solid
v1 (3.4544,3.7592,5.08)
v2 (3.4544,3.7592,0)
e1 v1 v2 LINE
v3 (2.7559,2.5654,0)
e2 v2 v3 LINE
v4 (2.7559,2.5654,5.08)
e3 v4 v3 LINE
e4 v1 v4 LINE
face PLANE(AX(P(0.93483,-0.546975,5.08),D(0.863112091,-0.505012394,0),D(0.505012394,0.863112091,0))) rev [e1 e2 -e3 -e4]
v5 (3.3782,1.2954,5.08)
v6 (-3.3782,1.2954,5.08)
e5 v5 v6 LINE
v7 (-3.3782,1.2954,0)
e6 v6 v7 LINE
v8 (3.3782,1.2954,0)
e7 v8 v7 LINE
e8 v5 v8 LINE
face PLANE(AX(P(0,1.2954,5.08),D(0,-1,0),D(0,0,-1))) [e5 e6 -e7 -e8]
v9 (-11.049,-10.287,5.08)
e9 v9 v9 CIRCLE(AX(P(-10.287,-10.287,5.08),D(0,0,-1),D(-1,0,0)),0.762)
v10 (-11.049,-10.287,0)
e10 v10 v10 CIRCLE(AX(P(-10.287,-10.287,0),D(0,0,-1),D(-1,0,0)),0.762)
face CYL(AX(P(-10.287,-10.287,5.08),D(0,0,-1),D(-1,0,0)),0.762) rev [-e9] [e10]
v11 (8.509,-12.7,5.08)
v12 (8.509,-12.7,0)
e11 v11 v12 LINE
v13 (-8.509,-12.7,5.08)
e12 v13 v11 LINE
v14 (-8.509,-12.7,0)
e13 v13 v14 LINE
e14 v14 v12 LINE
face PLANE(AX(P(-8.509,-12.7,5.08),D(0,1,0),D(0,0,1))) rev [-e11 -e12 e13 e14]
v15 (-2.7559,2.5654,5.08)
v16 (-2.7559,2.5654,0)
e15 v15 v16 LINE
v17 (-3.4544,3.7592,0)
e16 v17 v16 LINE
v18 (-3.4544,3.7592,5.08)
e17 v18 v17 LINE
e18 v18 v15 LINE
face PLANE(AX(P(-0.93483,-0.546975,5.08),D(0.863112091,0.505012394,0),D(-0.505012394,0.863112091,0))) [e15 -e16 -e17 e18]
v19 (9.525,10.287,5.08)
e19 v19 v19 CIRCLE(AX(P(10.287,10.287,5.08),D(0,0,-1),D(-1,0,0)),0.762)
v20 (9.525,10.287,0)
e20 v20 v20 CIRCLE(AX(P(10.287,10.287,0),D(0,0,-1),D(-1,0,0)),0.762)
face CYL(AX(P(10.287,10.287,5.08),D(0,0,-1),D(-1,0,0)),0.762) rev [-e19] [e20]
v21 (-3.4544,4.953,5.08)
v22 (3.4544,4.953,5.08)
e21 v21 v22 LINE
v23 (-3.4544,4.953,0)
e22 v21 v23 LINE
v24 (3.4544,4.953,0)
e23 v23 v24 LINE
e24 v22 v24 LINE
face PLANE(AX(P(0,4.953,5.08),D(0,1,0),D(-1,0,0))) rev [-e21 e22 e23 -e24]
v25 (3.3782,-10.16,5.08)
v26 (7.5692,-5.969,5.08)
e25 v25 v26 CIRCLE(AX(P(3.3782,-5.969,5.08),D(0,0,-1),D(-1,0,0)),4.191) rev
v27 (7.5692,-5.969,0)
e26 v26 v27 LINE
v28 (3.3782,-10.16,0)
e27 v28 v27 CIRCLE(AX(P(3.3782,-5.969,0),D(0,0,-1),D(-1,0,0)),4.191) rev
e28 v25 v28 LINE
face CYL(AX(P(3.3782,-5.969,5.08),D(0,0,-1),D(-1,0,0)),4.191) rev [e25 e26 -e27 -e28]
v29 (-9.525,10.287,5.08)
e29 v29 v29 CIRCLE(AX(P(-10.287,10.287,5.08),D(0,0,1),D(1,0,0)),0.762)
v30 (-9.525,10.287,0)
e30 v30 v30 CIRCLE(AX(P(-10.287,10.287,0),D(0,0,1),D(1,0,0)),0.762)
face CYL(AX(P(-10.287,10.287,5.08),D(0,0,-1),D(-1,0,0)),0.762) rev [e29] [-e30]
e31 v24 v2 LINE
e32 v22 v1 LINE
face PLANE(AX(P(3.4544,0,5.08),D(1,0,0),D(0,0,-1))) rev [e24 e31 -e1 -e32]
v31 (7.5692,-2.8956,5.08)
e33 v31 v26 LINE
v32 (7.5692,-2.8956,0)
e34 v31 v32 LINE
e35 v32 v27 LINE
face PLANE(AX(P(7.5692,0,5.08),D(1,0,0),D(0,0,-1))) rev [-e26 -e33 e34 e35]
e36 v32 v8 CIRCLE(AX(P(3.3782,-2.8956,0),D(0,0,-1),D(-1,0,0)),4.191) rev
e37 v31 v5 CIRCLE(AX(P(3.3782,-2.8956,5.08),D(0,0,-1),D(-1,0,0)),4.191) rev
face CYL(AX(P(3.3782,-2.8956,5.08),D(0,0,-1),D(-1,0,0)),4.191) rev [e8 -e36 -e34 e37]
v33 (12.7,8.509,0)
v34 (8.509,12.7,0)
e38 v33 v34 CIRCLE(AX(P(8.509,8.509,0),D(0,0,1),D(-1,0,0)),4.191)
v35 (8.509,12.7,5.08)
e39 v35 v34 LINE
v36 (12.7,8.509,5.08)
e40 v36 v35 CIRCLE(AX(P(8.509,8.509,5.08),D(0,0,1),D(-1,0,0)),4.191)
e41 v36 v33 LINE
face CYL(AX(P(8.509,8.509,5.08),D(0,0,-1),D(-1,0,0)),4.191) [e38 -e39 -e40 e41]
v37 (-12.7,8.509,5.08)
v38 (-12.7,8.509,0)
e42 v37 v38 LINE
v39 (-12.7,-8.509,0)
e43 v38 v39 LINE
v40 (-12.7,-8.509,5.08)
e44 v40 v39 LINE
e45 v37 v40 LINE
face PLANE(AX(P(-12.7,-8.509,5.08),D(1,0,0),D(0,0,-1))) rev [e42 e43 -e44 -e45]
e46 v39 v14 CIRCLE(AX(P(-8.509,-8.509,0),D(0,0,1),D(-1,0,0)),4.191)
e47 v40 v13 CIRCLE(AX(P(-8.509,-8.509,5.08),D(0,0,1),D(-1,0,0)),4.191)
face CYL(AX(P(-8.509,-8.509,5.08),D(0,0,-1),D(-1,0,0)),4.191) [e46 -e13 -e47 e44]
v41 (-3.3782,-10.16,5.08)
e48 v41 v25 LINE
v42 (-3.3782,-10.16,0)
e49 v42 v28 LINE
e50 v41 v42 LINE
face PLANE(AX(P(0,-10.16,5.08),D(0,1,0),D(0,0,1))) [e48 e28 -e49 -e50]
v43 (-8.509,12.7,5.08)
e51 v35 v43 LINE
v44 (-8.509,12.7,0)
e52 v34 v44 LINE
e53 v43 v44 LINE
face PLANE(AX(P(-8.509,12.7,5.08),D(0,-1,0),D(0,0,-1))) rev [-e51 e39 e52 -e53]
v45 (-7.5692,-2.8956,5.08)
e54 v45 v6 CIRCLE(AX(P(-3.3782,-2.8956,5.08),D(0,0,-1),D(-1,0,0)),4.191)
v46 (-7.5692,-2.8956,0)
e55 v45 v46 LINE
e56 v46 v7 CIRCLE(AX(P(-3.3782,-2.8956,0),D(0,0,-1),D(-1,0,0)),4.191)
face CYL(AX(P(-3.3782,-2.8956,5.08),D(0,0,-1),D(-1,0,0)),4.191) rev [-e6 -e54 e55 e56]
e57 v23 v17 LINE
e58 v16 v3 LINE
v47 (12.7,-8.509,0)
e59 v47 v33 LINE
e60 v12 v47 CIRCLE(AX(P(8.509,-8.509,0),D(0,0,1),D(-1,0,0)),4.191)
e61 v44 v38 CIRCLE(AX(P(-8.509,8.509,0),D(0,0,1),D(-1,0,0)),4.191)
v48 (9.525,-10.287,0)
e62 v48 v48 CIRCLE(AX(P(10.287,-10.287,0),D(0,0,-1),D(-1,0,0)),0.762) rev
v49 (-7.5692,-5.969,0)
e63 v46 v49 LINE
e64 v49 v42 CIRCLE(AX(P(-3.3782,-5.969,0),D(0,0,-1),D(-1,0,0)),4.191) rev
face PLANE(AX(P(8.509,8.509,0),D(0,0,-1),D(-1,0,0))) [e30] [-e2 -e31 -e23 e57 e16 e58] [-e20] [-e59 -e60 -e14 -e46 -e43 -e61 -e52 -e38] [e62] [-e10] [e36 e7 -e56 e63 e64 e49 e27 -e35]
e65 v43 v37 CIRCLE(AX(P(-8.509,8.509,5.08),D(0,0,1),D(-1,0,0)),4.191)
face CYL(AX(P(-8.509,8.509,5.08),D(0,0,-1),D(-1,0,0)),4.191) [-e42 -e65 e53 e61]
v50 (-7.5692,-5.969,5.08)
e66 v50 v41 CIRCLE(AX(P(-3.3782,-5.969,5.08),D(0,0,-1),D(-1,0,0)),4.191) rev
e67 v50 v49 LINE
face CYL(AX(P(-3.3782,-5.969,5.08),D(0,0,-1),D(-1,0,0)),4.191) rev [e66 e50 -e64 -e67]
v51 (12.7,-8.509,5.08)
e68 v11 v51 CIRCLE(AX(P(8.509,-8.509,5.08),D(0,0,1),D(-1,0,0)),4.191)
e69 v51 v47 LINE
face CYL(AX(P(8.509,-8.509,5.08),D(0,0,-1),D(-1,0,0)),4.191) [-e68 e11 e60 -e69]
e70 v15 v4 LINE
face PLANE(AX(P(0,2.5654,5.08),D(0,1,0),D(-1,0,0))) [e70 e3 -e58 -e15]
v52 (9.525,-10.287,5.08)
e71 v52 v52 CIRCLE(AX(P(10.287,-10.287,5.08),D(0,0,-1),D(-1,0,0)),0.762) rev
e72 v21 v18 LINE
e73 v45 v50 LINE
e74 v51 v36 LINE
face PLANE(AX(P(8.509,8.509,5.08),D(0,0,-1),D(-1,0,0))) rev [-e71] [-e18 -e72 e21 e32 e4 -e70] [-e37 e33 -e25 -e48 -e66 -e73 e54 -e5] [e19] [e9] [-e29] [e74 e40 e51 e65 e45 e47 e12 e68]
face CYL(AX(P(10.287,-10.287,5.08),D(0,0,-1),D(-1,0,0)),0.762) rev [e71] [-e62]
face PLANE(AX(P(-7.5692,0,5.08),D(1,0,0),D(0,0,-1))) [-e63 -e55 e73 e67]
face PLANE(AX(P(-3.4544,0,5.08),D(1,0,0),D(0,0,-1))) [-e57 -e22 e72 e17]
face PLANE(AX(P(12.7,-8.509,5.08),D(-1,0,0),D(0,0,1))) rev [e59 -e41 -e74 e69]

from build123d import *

# Parameters (mm, degrees)
BOSS_EXTRUDE1_DEPTH = 5.08
CUT_EXTRUDE1_DEPTH  = 5.08
SKETCH3_R           = 0.762
CUT_EXTRUDE2_DEPTH  = 5.08


with BuildPart() as part:
    # Sketch1 → Boss-Extrude1 (new body)
    with BuildSketch(Plane.XY):
        with BuildLine():
            Line((-8.509, -12.7), (8.509, -12.7))
            ThreePointArc((8.509, -12.7), (11.47248452, -11.47248452), (12.7, -8.509))
            Line((12.7, -8.509), (12.7, 8.509))
            ThreePointArc((12.7, 8.509), (11.47248452, 11.47248452), (8.509, 12.7))
            Line((8.509, 12.7), (-8.509, 12.7))
            ThreePointArc((-8.509, 12.7), (-11.47248452, 11.47248452), (-12.7, 8.509))
            Line((-12.7, 8.509), (-12.7, -8.509))
            ThreePointArc((-12.7, -8.509), (-11.47248452, -11.47248452), (-8.509, -12.7))
        make_face()
    extrude(amount=BOSS_EXTRUDE1_DEPTH)

    # Sketch2 → Cut-Extrude1 (cut)
    with BuildSketch(Plane(origin=(0, 0, 0), x_dir=(-1, 0, 0), z_dir=(0, 0, -1))):
        Polygon((-2.7559, 2.5654), (0, 2.5654), (0, 4.953), (-3.4544, 4.953), (-3.4544, 3.7592), align=None)
        Polygon((0, 4.953), (0, 2.5654), (2.7559, 2.5654), (3.4544, 3.7592), (3.4544, 4.953), align=None)
        with BuildLine():
            ThreePointArc((-7.5692, -2.8956), (-6.34168452, 0.06788452), (-3.3782, 1.2954))
            Line((-3.3782, 1.2954), (3.3782, 1.2954))
            ThreePointArc((3.3782, 1.2954), (6.34168452, 0.06788452), (7.5692, -2.8956))
            Line((7.5692, -2.8956), (7.5692, -5.969))
            ThreePointArc((7.5692, -5.969), (6.34168452, -8.93248452), (3.3782, -10.16))
            Line((3.3782, -10.16), (-3.3782, -10.16))
            ThreePointArc((-3.3782, -10.16), (-6.34168452, -8.93248452), (-7.5692, -5.969))
            Line((-7.5692, -5.969), (-7.5692, -2.8956))
        make_face()
    extrude(amount=-CUT_EXTRUDE1_DEPTH, mode=Mode.SUBTRACT)

    # Sketch3 → Cut-Extrude2 (cut)
    with BuildSketch(Plane(origin=(0, 0, 0), x_dir=(-1, 0, 0), z_dir=(0, 0, -1))):
        with Locations((10.287, -10.287)):
            Circle(SKETCH3_R)
        with Locations((-10.287, -10.287)):
            Circle(SKETCH3_R)
        with Locations((-10.287, 10.287)):
            Circle(SKETCH3_R)
        with Locations(Location((10.287, 10.287, 0), (0, 0, 180))):
            Circle(SKETCH3_R)
    extrude(amount=-CUT_EXTRUDE2_DEPTH, mode=Mode.SUBTRACT)


solid = part.part
